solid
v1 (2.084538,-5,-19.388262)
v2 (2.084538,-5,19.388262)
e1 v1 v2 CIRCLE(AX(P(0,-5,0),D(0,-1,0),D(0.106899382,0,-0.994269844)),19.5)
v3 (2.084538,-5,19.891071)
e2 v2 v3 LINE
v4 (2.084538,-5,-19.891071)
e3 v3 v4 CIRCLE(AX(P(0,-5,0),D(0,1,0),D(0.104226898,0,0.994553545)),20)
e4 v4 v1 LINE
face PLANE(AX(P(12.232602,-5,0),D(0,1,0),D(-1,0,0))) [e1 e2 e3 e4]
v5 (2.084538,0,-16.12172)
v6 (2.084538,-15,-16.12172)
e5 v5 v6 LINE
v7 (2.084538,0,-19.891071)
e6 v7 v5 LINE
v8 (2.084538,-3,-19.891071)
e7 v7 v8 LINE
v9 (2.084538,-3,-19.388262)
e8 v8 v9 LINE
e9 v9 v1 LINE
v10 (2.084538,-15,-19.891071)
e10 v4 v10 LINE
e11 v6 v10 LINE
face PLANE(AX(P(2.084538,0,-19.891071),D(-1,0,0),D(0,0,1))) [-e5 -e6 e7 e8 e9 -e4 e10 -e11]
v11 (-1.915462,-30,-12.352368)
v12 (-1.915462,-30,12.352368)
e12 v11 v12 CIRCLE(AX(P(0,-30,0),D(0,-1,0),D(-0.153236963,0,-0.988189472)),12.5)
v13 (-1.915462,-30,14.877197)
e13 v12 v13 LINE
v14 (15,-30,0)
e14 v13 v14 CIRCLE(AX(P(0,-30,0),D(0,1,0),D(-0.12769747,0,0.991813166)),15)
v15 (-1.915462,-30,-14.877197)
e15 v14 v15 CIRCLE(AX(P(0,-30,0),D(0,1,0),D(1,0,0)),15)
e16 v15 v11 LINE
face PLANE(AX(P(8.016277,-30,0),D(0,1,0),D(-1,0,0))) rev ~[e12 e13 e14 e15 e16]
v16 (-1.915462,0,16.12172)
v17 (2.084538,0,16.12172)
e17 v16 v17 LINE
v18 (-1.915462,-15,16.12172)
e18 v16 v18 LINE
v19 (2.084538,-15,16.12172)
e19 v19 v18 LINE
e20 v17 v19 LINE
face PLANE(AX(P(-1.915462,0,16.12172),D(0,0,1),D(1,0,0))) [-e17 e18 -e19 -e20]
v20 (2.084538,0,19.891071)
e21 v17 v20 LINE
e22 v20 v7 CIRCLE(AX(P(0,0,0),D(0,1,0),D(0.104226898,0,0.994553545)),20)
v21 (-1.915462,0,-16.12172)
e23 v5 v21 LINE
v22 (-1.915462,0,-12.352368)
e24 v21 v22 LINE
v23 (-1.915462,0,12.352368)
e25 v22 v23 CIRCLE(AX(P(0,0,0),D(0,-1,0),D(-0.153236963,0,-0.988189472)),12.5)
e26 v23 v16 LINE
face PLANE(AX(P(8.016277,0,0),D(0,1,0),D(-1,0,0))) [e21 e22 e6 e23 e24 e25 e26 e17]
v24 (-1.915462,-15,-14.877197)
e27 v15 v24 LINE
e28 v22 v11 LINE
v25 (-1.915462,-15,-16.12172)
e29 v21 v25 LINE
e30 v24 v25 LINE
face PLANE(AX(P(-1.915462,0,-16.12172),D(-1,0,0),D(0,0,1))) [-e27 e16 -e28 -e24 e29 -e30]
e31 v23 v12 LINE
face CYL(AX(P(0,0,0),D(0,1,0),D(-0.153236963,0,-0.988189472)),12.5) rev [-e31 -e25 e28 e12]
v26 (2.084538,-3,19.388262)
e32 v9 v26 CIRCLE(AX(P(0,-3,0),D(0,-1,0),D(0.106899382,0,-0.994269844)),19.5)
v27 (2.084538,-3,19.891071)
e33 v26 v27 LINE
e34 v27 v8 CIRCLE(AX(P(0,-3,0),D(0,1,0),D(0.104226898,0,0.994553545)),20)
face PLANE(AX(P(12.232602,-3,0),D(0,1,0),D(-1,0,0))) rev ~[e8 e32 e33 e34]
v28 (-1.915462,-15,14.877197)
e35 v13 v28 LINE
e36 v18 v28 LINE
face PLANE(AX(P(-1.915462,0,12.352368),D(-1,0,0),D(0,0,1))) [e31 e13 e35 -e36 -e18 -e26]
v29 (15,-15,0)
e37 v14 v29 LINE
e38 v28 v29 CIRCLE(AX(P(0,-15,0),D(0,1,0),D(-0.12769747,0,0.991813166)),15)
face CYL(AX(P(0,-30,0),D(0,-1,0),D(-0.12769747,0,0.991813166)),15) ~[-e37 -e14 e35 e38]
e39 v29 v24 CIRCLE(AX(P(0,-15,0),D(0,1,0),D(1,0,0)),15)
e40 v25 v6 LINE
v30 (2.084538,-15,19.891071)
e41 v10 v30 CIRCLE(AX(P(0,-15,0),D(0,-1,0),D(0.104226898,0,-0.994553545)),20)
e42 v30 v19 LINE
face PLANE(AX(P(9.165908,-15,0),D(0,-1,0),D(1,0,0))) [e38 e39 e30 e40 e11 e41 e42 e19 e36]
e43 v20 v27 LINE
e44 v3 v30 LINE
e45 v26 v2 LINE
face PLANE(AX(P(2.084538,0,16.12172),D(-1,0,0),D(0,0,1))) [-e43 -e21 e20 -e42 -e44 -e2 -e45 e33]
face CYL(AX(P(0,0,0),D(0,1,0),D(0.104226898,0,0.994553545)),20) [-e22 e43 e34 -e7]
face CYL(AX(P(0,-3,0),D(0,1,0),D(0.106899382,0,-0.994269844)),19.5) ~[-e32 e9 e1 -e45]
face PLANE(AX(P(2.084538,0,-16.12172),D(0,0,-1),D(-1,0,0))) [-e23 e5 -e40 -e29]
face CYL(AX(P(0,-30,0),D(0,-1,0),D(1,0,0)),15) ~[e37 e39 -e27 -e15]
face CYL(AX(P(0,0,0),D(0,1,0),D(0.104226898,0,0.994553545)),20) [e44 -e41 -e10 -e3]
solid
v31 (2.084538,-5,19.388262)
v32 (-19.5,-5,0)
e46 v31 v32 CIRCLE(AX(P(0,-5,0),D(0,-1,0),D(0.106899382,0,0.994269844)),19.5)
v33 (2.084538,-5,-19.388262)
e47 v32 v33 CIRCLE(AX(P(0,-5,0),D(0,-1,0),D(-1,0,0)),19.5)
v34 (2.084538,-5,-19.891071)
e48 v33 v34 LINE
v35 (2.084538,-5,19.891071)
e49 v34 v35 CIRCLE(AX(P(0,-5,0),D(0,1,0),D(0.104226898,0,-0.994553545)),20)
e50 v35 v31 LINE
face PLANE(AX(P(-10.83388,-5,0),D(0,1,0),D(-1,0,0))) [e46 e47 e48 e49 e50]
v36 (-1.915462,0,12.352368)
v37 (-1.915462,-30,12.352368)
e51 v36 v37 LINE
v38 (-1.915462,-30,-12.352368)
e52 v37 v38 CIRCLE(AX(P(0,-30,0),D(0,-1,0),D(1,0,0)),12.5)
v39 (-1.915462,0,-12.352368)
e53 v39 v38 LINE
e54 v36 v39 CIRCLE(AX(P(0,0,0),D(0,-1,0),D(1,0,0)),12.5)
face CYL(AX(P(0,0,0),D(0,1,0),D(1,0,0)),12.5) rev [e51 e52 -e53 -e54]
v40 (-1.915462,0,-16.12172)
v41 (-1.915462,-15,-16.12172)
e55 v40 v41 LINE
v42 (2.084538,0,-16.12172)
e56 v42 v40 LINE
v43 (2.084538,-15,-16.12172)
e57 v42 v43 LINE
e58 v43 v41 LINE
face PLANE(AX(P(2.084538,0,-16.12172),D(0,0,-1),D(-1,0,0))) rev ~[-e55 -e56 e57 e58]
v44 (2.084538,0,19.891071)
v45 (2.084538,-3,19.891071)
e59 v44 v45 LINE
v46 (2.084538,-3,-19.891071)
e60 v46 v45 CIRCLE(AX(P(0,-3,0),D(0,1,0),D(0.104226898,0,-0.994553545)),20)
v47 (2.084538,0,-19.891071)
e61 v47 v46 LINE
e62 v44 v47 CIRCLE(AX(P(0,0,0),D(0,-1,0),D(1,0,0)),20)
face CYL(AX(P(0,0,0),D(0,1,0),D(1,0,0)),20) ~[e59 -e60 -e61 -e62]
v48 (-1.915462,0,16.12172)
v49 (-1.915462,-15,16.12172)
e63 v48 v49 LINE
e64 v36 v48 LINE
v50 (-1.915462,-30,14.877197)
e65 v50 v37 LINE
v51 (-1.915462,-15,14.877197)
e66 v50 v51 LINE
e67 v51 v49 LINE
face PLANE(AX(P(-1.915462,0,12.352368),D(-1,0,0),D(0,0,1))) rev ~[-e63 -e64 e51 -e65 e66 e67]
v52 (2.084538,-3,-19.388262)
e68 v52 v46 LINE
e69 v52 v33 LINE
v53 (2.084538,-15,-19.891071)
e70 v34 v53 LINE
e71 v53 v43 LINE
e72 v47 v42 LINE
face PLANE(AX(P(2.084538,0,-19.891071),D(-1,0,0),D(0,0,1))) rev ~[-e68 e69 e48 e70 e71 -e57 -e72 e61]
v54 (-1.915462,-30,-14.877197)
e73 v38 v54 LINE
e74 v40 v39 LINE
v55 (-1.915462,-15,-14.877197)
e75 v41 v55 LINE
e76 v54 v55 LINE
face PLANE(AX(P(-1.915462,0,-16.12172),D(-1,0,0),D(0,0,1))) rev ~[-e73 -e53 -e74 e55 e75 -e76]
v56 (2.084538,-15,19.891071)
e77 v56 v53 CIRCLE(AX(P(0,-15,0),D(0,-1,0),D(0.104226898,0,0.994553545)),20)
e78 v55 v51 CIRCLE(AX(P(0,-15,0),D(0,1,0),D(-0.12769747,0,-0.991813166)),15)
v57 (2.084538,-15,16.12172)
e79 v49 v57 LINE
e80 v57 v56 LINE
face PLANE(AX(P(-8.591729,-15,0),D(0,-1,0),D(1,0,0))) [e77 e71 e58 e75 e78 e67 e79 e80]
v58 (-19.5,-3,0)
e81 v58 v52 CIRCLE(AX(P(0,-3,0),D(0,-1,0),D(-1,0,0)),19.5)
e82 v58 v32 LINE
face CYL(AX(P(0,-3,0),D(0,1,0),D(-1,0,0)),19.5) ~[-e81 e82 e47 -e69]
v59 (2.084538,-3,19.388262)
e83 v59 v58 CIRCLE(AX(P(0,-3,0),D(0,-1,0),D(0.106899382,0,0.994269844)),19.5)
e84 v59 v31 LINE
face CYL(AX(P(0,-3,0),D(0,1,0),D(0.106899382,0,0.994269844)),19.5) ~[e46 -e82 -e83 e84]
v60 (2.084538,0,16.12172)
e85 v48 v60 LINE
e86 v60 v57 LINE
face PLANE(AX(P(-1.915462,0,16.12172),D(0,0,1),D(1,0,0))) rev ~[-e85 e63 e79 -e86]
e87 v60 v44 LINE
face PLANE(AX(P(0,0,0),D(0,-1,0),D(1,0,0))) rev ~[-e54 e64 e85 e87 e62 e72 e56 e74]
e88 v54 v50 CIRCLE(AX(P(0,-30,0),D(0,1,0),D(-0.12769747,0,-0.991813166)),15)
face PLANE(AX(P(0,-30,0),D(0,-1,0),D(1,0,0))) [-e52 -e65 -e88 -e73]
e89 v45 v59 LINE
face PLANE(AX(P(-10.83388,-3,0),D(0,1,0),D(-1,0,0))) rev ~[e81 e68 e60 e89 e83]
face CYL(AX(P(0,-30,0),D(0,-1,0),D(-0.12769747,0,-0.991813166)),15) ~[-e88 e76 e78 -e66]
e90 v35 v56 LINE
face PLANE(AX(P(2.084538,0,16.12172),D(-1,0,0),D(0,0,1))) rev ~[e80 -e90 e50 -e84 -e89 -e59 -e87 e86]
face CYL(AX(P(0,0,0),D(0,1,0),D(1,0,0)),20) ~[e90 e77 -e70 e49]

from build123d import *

# Parameters (mm, degrees)
F0_R      = 15
F0_R_2    = 12.5
F1_DEPTH  = 30
F0_R_3    = 20
F2_DEPTH  = 30
F5_DEPTH  = 30.001
F6_DEPTH  = 30
F8_DEPTH  = 15
F10_DEPTH = 15
F12_START = -3
F12_DEPTH = 2
F14_START = -3
F14_DEPTH = 2


with BuildPart() as f1:
    # F0 (on Front) → F1 (new body)
    with BuildSketch(Plane.XZ):
        Circle(F0_R)
        Circle(F0_R_2, mode=Mode.SUBTRACT)
    extrude(amount=F1_DEPTH)

    # F0 (on Front) → F2 (join)
    with BuildSketch(Plane.XZ):
        Circle(F0_R_3)
        Circle(F0_R, mode=Mode.SUBTRACT)
    extrude(amount=F2_DEPTH)

    # F4 (on face) → F5 (cut, through all)
    with BuildSketch(Plane(origin=(0, 0, 0), x_dir=(-1, 0, 0), z_dir=(0, 1, 0))):
        with BuildLine():
            ThreePointArc((-2.0845379567, 19.891070899), (-15.5123164514, 12.6241054459), (-19.8997487421, -2))
            Line((-19.8997487421, -2), (-15.8997487421, -2))
            Line((-15.8997487421, -2), (-15.8997487421, 2))
            Line((-15.8997487421, 2), (-12.3389626793, 2))
            ThreePointArc((-12.3389626793, 2), (-7.3454219936, 10.1140879834), (1.9154620433, 12.3523684029))
            Line((1.9154620433, 12.3523684029), (1.9154620433, 16.1217196509))
            Line((1.9154620433, 16.1217196509), (-2.0845379567, 16.1217196509))
            Line((-2.0845379567, 16.1217196509), (-2.0845379567, 19.891070899))
        make_face()
        with BuildLine():
            Line((-15.8997487421, -2), (-19.8997487421, -2))
            ThreePointArc((-19.8997487421, -2), (-14.172149445, -14.1120579686), (-2.0845379567, -19.891070899))
            Line((-2.0845379567, -19.891070899), (-2.0845379567, -16.1217196509))
            Line((-2.0845379567, -16.1217196509), (1.9154620433, -16.1217196509))
            Line((1.9154620433, -16.1217196509), (1.9154620433, -12.3523684029))
            ThreePointArc((1.9154620433, -12.3523684029), (-8.8333015761, -8.8443644919), (-12.3547561692, 1.9))
            ThreePointArc((-12.3547561692, 1.9), (-12.3469606641, 1.9500159893), (-12.3389626793, 2))
            Line((-12.3389626793, 2), (-15.8997487421, 2))
            Line((-15.8997487421, 2), (-15.8997487421, -2))
        make_face()
    extrude(amount=-F5_DEPTH, mode=Mode.SUBTRACT)

    # F7 (on face) → F8 (cut)
    with BuildSketch(Plane.XZ.offset(30)):
        with BuildLine():
            ThreePointArc((-1.9154620433, -14.8771974901), (-15, 0), (-1.9154620433, 14.8771974901))
            Line((-1.9154620433, 14.8771974901), (-1.9154620433, 16.1217196509))
            Line((-1.9154620433, 16.1217196509), (2.0845379567, 16.1217196509))
            Line((2.0845379567, 16.1217196509), (2.0845379567, 19.891070899))
            ThreePointArc((2.0845379567, 19.891070899), (-20, 0), (2.0845379567, -19.891070899))
            Line((2.0845379567, -19.891070899), (2.0845379567, -16.1217196509))
            Line((2.0845379567, -16.1217196509), (-1.9154620433, -16.1217196509))
            Line((-1.9154620433, -16.1217196509), (-1.9154620433, -14.8771974901))
        make_face()
    extrude(amount=-F8_DEPTH, mode=Mode.SUBTRACT)

    # F13 (on face) → F14 (cut)
    with BuildSketch(Plane(origin=(0, 0, 0), x_dir=(-1, 0, 0), z_dir=(0, 1, 0)).offset(F14_START)):
        with BuildLine():
            ThreePointArc((-2.0845379567, 19.3882619517), (13.0307618704, 14.506868893), (19.5, 0))
            ThreePointArc((19.5, 0), (13.0307618704, -14.506868893), (-2.0845379567, -19.3882619517))
            Line((-2.0845379567, -19.3882619517), (-2.0845379567, -19.891070899))
            ThreePointArc((-2.0845379567, -19.891070899), (20, 0), (-2.0845379567, 19.891070899))
            Line((-2.0845379567, 19.891070899), (-2.0845379567, 19.3882619517))
        make_face()
    extrude(amount=-F14_DEPTH, mode=Mode.SUBTRACT)


with BuildPart() as f6:
    # F3 (on face) → F6 (new body)
    with BuildSketch(Plane(origin=(0, 0, 0), x_dir=(-1, 0, 0), z_dir=(0, 1, 0))):
        with BuildLine():
            Line((-2.0845379567, 16.1217196509), (-2.0845379567, 19.891070899))
            ThreePointArc((-2.0845379567, 19.891070899), (-20, 0), (-2.0845379567, -19.891070899))
            Line((-2.0845379567, -19.891070899), (-2.0845379567, -16.1217196509))
            Line((-2.0845379567, -16.1217196509), (1.9154620433, -16.1217196509))
            Line((1.9154620433, -16.1217196509), (1.9154620433, -12.3523684029))
            ThreePointArc((1.9154620433, -12.3523684029), (-12.5, 0), (1.9154620433, 12.3523684029))
            Line((1.9154620433, 12.3523684029), (1.9154620433, 16.1217196509))
            Line((1.9154620433, 16.1217196509), (-2.0845379567, 16.1217196509))
        make_face()
    extrude(amount=-F6_DEPTH)

    # F9 (on face) → F10 (cut)
    with BuildSketch(Plane.XZ.offset(30)):
        with BuildLine():
            ThreePointArc((-1.9154620433, 14.8771974901), (9.9062623968, 11.2634792726), (15, 0))
            ThreePointArc((15, 0), (9.9062623968, -11.2634792726), (-1.9154620433, -14.8771974901))
            Line((-1.9154620433, -14.8771974901), (-1.9154620433, -16.1217196509))
            Line((-1.9154620433, -16.1217196509), (2.0845379567, -16.1217196509))
            Line((2.0845379567, -16.1217196509), (2.0845379567, -19.891070899))
            ThreePointArc((2.0845379567, -19.891070899), (20, 0), (2.0845379567, 19.891070899))
            Line((2.0845379567, 19.891070899), (2.0845379567, 16.1217196509))
            Line((2.0845379567, 16.1217196509), (-1.9154620433, 16.1217196509))
            Line((-1.9154620433, 16.1217196509), (-1.9154620433, 14.8771974901))
        make_face()
    extrude(amount=-F10_DEPTH, mode=Mode.SUBTRACT)

    # F11 (on face) → F12 (cut)
    with BuildSketch(Plane(origin=(0, 0, 0), x_dir=(-1, 0, 0), z_dir=(0, 1, 0)).offset(F12_START)):
        with BuildLine():
            ThreePointArc((-2.0845379567, -19.3882619517), (-19.5, 0), (-2.0845379567, 19.3882619517))
            Line((-2.0845379567, 19.3882619517), (-2.0845379567, 19.891070899))
            ThreePointArc((-2.0845379567, 19.891070899), (-20, 0), (-2.0845379567, -19.891070899))
            Line((-2.0845379567, -19.891070899), (-2.0845379567, -19.3882619517))
        make_face()
    extrude(amount=-F12_DEPTH, mode=Mode.SUBTRACT)


solid = Compound([f1.part, f6.part])
